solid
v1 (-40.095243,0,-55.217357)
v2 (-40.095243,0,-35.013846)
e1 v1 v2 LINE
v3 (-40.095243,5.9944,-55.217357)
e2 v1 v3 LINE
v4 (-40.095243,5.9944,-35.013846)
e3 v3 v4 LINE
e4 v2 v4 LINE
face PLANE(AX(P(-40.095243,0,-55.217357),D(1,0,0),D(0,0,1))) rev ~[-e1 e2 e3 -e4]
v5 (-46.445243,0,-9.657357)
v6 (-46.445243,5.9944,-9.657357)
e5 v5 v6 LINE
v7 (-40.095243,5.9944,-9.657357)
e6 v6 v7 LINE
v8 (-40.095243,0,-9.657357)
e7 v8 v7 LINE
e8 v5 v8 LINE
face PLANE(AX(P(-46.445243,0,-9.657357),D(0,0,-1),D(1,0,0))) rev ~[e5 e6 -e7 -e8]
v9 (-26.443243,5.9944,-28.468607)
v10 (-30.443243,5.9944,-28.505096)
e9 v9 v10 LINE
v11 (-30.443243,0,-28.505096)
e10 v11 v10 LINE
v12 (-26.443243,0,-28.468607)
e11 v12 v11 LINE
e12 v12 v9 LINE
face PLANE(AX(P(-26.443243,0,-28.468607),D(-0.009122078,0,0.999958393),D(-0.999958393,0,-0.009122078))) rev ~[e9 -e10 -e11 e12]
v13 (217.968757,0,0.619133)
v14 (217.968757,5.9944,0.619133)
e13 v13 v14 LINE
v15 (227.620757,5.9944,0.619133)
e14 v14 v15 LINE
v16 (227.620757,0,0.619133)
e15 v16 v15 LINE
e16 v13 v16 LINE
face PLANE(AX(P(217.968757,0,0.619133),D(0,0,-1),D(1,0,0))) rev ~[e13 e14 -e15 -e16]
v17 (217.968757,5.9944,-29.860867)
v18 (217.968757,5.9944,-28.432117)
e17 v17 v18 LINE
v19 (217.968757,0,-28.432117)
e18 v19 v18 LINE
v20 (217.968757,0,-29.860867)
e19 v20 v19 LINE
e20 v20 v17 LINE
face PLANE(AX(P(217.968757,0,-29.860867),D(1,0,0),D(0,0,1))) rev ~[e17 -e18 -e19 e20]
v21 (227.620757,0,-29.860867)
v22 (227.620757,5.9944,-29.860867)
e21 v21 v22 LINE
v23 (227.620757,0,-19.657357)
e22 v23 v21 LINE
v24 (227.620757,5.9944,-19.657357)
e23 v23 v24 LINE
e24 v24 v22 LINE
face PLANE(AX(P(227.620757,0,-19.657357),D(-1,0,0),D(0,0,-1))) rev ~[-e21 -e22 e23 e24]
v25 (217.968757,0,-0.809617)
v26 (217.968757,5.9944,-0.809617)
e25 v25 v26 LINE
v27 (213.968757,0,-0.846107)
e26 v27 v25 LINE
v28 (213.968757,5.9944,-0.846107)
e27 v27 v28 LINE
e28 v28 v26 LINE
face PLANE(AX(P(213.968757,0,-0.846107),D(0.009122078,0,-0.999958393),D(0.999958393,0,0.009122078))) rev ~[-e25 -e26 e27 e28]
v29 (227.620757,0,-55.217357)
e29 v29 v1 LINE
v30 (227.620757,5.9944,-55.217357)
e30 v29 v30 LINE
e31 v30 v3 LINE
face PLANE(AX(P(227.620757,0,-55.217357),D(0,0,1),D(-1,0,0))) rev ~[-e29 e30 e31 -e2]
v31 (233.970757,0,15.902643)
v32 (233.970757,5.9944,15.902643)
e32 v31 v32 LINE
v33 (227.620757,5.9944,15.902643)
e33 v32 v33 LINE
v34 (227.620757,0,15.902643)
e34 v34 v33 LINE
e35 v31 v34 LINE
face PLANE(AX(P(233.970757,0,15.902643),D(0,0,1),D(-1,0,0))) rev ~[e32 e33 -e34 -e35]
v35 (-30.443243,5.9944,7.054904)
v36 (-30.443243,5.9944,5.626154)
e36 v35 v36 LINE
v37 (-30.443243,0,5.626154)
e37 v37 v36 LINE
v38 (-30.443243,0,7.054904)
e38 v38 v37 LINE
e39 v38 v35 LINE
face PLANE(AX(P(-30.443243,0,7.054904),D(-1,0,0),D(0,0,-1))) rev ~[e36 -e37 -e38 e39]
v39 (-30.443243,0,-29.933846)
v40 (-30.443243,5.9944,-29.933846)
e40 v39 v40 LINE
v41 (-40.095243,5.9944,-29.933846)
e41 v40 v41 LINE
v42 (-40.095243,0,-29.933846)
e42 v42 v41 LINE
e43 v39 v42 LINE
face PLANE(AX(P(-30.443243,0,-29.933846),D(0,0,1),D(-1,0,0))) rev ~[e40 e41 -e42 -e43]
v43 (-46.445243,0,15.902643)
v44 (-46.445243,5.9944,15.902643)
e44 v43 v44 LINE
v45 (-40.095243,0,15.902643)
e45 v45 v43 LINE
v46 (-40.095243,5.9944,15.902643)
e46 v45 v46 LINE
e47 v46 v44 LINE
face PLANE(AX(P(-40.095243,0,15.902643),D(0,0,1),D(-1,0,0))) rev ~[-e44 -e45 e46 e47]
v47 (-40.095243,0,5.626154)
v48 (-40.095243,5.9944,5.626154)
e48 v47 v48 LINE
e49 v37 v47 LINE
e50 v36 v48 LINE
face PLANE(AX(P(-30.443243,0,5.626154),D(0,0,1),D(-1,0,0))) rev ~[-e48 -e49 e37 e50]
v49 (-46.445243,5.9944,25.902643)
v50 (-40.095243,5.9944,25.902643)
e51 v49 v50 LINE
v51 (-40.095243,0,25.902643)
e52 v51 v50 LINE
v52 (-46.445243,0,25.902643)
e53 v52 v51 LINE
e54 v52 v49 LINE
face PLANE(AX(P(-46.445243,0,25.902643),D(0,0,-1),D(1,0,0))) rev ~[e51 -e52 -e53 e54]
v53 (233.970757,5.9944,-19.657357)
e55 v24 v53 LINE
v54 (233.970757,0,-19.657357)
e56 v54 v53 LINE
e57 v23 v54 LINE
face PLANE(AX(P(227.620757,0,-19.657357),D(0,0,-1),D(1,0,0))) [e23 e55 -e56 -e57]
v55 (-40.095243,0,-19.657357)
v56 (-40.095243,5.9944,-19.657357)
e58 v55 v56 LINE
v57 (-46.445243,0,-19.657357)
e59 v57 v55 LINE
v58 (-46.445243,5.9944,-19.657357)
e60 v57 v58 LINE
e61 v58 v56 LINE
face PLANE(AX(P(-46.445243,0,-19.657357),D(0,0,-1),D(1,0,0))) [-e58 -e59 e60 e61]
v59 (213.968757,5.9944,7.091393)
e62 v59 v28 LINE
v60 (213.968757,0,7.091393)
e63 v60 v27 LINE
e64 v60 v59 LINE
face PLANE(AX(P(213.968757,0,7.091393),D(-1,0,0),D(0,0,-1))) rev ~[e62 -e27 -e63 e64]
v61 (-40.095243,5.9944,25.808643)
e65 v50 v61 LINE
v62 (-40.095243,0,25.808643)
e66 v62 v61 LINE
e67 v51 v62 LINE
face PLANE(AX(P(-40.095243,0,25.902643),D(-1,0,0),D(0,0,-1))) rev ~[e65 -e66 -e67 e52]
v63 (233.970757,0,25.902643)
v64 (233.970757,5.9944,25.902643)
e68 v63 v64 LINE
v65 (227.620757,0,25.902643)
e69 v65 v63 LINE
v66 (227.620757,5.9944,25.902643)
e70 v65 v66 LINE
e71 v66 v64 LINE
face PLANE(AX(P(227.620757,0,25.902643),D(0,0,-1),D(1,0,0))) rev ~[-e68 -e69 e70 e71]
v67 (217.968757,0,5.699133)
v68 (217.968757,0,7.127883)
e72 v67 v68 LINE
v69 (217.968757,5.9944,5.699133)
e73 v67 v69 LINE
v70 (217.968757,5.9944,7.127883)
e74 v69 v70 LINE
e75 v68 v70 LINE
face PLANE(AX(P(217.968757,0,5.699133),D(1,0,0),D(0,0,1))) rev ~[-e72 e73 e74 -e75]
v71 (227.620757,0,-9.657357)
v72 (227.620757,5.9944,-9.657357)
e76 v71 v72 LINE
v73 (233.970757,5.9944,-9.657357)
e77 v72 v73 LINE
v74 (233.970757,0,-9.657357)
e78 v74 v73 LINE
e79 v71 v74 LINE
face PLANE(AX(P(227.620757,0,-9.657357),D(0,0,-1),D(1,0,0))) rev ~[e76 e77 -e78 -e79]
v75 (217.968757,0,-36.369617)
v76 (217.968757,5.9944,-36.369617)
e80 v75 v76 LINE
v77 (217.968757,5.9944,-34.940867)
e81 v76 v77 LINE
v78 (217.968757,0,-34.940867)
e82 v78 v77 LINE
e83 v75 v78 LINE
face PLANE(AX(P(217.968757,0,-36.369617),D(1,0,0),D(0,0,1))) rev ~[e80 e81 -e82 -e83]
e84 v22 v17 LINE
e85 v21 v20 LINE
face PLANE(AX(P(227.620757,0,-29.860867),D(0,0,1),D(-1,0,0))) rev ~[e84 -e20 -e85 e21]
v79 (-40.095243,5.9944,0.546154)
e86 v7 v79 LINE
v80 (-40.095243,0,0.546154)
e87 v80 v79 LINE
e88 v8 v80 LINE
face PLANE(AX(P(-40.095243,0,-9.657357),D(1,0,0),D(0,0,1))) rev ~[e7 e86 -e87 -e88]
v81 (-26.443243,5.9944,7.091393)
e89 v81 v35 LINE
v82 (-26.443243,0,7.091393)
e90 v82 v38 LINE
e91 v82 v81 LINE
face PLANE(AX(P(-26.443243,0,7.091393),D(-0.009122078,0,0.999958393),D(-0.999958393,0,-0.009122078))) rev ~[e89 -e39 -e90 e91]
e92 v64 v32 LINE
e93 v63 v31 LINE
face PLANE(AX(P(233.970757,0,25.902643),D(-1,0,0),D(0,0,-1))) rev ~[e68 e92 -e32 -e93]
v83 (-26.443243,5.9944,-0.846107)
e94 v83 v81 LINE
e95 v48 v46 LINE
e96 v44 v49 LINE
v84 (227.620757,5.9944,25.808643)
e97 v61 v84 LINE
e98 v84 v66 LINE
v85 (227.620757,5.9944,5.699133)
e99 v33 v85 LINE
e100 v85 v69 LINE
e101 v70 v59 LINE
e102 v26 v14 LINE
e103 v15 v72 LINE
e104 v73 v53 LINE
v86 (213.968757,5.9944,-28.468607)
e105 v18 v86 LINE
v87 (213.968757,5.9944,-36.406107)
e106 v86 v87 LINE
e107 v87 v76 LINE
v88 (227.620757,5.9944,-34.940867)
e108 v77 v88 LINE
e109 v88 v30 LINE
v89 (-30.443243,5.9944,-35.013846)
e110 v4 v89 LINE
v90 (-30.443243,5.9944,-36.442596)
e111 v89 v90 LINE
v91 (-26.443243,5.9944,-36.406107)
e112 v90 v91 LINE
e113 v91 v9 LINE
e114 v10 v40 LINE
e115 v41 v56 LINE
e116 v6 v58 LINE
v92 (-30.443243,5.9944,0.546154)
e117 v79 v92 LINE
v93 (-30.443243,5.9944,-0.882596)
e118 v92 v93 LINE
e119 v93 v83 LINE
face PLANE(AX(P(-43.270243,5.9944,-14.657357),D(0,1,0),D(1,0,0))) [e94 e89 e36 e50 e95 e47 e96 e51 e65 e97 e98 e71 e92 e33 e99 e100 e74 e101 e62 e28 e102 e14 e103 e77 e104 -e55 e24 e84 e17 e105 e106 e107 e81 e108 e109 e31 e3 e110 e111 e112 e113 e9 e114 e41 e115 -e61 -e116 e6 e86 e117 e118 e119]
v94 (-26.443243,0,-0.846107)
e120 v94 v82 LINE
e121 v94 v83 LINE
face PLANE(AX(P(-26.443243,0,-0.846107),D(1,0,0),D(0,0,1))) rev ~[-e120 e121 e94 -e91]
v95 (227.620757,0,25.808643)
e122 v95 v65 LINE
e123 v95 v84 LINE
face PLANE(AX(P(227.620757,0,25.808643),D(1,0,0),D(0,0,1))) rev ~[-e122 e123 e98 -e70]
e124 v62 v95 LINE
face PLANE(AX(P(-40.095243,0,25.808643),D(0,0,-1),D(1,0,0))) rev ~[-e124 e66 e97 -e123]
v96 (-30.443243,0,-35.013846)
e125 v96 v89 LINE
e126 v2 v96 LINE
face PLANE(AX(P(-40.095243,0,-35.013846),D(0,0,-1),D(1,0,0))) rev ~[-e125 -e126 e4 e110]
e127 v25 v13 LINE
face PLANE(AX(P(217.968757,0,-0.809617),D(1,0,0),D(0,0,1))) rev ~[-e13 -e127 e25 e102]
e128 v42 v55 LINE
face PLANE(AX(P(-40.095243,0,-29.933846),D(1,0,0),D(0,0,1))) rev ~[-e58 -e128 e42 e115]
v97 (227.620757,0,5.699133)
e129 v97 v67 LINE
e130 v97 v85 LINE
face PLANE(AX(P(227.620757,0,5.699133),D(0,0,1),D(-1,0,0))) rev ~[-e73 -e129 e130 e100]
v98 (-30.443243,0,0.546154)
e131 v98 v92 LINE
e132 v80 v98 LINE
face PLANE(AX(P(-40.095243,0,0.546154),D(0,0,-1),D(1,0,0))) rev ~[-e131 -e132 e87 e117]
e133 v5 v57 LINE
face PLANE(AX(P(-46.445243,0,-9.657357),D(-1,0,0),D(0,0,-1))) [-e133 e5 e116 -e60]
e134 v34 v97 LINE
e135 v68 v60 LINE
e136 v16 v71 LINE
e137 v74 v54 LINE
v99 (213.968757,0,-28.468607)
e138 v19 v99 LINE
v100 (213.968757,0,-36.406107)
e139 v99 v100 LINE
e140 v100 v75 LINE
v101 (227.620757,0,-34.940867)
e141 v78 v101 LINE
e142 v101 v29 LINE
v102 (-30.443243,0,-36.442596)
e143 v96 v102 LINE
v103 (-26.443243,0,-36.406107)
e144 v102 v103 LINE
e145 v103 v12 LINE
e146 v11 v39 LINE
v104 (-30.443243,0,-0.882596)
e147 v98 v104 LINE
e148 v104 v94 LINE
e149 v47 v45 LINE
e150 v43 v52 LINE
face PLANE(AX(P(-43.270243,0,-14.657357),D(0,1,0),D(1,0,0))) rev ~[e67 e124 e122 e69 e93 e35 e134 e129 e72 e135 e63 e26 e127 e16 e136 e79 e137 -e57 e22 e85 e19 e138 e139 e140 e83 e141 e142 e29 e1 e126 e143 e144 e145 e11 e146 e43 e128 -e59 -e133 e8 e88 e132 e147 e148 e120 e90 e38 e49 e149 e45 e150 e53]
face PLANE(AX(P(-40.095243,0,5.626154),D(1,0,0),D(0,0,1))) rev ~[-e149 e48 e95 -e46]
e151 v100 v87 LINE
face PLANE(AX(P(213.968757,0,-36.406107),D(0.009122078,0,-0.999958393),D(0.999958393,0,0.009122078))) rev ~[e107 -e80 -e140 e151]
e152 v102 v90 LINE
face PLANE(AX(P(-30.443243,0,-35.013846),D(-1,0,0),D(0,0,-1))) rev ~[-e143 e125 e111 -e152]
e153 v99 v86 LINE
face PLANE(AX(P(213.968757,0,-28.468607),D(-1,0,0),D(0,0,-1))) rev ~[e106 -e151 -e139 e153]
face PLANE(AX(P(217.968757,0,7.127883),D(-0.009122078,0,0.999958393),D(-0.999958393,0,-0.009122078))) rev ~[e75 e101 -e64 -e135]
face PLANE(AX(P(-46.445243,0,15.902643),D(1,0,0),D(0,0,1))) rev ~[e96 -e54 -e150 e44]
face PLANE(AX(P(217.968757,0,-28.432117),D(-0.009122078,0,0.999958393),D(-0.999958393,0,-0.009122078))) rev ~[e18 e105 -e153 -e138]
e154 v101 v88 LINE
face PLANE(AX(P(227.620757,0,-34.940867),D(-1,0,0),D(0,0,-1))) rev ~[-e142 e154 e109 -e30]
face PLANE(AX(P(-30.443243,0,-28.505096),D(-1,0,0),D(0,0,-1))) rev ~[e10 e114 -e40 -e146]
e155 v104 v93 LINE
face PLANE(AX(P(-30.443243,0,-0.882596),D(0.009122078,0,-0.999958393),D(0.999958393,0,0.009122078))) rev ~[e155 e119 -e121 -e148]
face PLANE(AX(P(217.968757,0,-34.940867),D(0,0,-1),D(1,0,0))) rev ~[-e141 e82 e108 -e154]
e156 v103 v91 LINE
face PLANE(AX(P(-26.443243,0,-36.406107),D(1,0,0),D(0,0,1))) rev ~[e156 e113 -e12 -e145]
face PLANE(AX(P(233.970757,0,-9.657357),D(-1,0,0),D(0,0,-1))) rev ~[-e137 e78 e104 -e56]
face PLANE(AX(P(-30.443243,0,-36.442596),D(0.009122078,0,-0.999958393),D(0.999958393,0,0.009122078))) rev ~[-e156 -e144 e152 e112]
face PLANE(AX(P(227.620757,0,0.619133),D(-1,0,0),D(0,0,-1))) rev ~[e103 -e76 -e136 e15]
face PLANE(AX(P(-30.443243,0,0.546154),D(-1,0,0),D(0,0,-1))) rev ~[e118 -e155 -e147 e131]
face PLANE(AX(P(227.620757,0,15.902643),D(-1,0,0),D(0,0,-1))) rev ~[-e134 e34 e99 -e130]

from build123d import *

# Parameters (mm, degrees)
SKETCH1_W      = 6.35
SKETCH1_H      = 10
EXTRUDE1_DEPTH = 5.9944


with BuildPart() as part:
    # Sketch1 → Extrude1 (new body)
    with BuildSketch(Plane(origin=(0, 0, 0), x_dir=(1, 0, 0), z_dir=(0, 1, 0))):
        with Locations((-43.270242604, 14.657356551)):
            Rectangle(SKETCH1_W, SKETCH1_H)
        Polygon((227.620757396, 55.217356551), (-40.095242604, 55.217356551), (-40.095242604, 45.217356551), (-40.095242604, 35.01384638), (-30.443242604, 35.01384638), (-30.443242604, 36.44259638), (-26.443242604, 36.406106551), (-26.443242604, 28.468606551), (-30.443242604, 28.50509638), (-30.443242604, 29.93384638), (-40.095242604, 29.93384638), (-40.095242604, 19.657356551), (-40.095242604, 9.657356551), (-40.095242604, -0.54615362), (-30.443242604, -0.54615362), (-30.443242604, 0.88259638), (-26.443242604, 0.846106551), (-26.443242604, -7.091393449), (-30.443242604, -7.05490362), (-30.443242604, -5.62615362), (-40.095242604, -5.62615362), (-40.095242604, -15.902643449), (-40.095242604, -25.808643449), (227.620757396, -25.808643449), (227.620757396, -15.902643449), (227.620757396, -5.699133278), (217.968757396, -5.699133278), (217.968757396, -7.127883278), (213.968757396, -7.091393449), (213.968757396, 0.846106551), (217.968757396, 0.809616722), (217.968757396, -0.619133278), (227.620757396, -0.619133278), (227.620757396, 9.657356551), (227.620757396, 19.657356551), (227.620757396, 29.860866722), (217.968757396, 29.860866722), (217.968757396, 28.432116722), (213.968757396, 28.468606551), (213.968757396, 36.406106551), (217.968757396, 36.369616722), (217.968757396, 34.940866722), (227.620757396, 34.940866722), (227.620757396, 45.217356551), align=None)
        Polygon((-40.095242604, -25.808643449), (-40.095242604, -15.902643449), (-46.445242604, -15.902643449), (-46.445242604, -25.902643449), (-40.095242604, -25.902643449), align=None)
        Polygon((233.970757396, -15.902643449), (227.620757396, -15.902643449), (227.620757396, -25.808643449), (227.620757396, -25.902643449), (233.970757396, -25.902643449), align=None)
        with Locations((230.795757396, 14.657356551)):
            Rectangle(SKETCH1_W, SKETCH1_H)
    extrude(amount=EXTRUDE1_DEPTH)


solid = part.part
